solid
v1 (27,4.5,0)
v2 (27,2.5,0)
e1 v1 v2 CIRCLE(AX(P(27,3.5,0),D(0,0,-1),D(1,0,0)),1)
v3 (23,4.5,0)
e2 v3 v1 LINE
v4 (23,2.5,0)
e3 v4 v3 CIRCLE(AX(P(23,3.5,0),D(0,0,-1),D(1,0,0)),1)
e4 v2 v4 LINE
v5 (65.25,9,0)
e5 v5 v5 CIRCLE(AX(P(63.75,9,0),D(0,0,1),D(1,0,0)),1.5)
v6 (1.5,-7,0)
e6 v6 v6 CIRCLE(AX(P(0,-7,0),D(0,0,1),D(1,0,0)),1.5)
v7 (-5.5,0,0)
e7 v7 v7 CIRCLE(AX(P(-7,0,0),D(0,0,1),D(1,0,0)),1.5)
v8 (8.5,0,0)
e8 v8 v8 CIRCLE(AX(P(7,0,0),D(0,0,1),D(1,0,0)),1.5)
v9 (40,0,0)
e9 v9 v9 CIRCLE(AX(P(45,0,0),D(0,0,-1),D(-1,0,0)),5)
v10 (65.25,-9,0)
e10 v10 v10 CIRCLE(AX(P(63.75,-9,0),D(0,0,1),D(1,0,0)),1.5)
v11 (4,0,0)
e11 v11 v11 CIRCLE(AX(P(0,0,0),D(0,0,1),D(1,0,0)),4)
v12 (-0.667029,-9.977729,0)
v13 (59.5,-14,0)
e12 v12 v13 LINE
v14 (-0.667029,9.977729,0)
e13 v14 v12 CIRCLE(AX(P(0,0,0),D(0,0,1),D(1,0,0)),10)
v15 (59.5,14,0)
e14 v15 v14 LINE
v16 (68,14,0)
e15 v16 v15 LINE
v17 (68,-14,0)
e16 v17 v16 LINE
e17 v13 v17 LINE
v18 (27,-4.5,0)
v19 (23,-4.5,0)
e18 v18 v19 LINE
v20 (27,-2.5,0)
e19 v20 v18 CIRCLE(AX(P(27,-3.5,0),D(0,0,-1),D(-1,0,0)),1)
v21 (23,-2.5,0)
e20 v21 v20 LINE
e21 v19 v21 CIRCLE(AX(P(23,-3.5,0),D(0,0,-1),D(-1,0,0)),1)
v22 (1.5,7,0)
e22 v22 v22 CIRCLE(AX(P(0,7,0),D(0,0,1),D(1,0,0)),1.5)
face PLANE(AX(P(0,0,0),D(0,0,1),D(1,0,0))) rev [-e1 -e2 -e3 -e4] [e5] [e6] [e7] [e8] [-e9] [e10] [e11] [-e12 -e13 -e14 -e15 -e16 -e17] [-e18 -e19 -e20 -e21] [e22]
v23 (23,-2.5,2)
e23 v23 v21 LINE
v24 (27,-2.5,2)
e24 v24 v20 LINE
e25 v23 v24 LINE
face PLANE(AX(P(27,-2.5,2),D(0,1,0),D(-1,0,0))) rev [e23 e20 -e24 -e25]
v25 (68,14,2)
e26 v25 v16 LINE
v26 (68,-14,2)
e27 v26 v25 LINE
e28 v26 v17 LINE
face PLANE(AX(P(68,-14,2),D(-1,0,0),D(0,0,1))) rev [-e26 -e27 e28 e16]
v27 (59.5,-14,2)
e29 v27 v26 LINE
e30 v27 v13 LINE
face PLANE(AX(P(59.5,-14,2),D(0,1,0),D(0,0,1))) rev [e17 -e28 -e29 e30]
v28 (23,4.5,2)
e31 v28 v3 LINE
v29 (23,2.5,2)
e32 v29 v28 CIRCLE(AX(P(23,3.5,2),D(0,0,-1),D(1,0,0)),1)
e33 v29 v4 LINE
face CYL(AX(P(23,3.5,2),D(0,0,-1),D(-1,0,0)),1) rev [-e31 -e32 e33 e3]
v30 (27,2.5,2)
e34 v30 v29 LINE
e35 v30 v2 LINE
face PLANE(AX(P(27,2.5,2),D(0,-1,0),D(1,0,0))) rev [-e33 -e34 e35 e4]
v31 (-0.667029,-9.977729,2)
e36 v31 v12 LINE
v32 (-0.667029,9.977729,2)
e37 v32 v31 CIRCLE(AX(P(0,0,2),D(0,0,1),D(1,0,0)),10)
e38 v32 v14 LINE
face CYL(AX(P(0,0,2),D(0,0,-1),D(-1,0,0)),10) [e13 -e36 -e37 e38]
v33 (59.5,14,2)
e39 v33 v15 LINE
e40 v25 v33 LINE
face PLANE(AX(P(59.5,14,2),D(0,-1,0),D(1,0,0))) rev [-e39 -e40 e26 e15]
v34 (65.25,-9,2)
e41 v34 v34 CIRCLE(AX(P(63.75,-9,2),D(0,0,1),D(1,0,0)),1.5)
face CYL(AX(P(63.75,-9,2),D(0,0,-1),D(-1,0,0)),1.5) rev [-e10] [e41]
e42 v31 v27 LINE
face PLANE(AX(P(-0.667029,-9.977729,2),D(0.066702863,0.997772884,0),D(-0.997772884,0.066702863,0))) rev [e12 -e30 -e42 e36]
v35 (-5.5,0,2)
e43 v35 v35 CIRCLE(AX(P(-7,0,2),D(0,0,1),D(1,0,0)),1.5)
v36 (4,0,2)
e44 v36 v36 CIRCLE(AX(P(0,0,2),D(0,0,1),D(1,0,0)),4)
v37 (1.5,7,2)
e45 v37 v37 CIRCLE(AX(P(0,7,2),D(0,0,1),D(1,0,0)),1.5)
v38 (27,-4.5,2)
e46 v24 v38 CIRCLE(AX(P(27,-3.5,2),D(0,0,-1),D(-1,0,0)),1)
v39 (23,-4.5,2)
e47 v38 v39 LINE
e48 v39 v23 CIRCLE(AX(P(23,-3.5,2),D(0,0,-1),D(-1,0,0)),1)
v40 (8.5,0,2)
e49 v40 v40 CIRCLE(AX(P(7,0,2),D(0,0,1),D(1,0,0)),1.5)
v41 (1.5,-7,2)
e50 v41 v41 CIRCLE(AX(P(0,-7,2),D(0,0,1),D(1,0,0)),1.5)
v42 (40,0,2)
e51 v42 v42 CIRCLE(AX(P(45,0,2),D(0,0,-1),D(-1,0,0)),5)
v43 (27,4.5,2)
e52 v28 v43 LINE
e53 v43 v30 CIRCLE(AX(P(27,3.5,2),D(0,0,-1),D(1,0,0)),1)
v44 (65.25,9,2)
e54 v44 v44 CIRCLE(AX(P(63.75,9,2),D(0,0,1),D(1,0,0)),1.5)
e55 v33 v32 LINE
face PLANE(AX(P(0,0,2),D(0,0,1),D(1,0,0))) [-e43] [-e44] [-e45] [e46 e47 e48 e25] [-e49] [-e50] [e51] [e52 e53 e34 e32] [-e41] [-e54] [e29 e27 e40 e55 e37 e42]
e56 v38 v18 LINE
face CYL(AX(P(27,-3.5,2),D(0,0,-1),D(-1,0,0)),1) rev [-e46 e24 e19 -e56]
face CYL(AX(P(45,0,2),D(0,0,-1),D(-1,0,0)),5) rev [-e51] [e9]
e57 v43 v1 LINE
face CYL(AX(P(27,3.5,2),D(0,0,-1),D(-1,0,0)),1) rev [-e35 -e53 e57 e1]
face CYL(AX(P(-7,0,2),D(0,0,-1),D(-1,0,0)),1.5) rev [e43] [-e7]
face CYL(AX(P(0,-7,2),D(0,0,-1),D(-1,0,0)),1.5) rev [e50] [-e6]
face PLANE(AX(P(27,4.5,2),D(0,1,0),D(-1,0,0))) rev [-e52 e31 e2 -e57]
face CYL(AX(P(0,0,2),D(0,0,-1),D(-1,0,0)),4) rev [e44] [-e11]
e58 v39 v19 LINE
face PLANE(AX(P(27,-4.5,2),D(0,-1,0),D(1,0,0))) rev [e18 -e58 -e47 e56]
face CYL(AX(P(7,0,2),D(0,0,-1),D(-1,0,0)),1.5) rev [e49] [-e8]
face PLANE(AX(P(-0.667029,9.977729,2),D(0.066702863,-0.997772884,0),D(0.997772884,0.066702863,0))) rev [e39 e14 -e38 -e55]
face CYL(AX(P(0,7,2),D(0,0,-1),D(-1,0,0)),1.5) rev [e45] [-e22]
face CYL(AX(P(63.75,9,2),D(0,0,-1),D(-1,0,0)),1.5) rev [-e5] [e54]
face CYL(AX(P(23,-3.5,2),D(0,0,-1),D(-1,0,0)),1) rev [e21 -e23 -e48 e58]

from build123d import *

# Parameters (mm, degrees)
SKETCH1_R          = 4
SKETCH1_R_2        = 1.5
EXTRUDE_1319_DEPTH = 2
SKETCH3_R          = 5
EXTRUDE3_DEPTH     = 70.455021417


with BuildPart() as part:
    # Sketch1 → Extrude 1319 (new body)
    with BuildSketch(Plane.XY):
        with BuildLine():
            Line((59.5, -14), (68, -14))
            Line((68, -14), (68, 14))
            Line((68, 14), (59.5, 14))
            Line((59.5, 14), (-0.667028635, 9.97772884))
            ThreePointArc((-0.667028635, 9.97772884), (-10, 0), (-0.667028635, -9.97772884))
            Line((-0.667028635, -9.97772884), (59.5, -14))
        make_face()
        Circle(SKETCH1_R, mode=Mode.SUBTRACT)
        with Locations((7, 0)):
            Circle(SKETCH1_R_2, mode=Mode.SUBTRACT)
        with Locations((0, -7)):
            Circle(SKETCH1_R_2, mode=Mode.SUBTRACT)
        with Locations((-7, 0)):
            Circle(SKETCH1_R_2, mode=Mode.SUBTRACT)
        with Locations((0, 7)):
            Circle(SKETCH1_R_2, mode=Mode.SUBTRACT)
        with Locations((63.75, -9)):
            Circle(SKETCH1_R_2, mode=Mode.SUBTRACT)
        with Locations((63.75, 9)):
            Circle(SKETCH1_R_2, mode=Mode.SUBTRACT)
    extrude(amount=EXTRUDE_1319_DEPTH)

    # Sketch3 → Extrude3 (cut, through all)
    with BuildSketch(Plane(origin=(0, 0, 0), x_dir=(-1, 0, 0), z_dir=(0, 0, -1))):
        with Locations((-45, 0)):
            Circle(SKETCH3_R)
        with BuildLine():
            Line((-27, -2.5), (-23, -2.5))
            ThreePointArc((-23, -2.5), (-22, -3.5), (-23, -4.5))
            Line((-23, -4.5), (-27, -4.5))
            ThreePointArc((-27, -4.5), (-28, -3.5), (-27, -2.5))
        make_face()
        with BuildLine():
            Line((-27, 2.5), (-23, 2.5))
            ThreePointArc((-23, 2.5), (-22, 3.5), (-23, 4.5))
            Line((-23, 4.5), (-27, 4.5))
            ThreePointArc((-27, 4.5), (-28, 3.5), (-27, 2.5))
        make_face()
    extrude(amount=-EXTRUDE3_DEPTH, mode=Mode.SUBTRACT)


solid = part.part
